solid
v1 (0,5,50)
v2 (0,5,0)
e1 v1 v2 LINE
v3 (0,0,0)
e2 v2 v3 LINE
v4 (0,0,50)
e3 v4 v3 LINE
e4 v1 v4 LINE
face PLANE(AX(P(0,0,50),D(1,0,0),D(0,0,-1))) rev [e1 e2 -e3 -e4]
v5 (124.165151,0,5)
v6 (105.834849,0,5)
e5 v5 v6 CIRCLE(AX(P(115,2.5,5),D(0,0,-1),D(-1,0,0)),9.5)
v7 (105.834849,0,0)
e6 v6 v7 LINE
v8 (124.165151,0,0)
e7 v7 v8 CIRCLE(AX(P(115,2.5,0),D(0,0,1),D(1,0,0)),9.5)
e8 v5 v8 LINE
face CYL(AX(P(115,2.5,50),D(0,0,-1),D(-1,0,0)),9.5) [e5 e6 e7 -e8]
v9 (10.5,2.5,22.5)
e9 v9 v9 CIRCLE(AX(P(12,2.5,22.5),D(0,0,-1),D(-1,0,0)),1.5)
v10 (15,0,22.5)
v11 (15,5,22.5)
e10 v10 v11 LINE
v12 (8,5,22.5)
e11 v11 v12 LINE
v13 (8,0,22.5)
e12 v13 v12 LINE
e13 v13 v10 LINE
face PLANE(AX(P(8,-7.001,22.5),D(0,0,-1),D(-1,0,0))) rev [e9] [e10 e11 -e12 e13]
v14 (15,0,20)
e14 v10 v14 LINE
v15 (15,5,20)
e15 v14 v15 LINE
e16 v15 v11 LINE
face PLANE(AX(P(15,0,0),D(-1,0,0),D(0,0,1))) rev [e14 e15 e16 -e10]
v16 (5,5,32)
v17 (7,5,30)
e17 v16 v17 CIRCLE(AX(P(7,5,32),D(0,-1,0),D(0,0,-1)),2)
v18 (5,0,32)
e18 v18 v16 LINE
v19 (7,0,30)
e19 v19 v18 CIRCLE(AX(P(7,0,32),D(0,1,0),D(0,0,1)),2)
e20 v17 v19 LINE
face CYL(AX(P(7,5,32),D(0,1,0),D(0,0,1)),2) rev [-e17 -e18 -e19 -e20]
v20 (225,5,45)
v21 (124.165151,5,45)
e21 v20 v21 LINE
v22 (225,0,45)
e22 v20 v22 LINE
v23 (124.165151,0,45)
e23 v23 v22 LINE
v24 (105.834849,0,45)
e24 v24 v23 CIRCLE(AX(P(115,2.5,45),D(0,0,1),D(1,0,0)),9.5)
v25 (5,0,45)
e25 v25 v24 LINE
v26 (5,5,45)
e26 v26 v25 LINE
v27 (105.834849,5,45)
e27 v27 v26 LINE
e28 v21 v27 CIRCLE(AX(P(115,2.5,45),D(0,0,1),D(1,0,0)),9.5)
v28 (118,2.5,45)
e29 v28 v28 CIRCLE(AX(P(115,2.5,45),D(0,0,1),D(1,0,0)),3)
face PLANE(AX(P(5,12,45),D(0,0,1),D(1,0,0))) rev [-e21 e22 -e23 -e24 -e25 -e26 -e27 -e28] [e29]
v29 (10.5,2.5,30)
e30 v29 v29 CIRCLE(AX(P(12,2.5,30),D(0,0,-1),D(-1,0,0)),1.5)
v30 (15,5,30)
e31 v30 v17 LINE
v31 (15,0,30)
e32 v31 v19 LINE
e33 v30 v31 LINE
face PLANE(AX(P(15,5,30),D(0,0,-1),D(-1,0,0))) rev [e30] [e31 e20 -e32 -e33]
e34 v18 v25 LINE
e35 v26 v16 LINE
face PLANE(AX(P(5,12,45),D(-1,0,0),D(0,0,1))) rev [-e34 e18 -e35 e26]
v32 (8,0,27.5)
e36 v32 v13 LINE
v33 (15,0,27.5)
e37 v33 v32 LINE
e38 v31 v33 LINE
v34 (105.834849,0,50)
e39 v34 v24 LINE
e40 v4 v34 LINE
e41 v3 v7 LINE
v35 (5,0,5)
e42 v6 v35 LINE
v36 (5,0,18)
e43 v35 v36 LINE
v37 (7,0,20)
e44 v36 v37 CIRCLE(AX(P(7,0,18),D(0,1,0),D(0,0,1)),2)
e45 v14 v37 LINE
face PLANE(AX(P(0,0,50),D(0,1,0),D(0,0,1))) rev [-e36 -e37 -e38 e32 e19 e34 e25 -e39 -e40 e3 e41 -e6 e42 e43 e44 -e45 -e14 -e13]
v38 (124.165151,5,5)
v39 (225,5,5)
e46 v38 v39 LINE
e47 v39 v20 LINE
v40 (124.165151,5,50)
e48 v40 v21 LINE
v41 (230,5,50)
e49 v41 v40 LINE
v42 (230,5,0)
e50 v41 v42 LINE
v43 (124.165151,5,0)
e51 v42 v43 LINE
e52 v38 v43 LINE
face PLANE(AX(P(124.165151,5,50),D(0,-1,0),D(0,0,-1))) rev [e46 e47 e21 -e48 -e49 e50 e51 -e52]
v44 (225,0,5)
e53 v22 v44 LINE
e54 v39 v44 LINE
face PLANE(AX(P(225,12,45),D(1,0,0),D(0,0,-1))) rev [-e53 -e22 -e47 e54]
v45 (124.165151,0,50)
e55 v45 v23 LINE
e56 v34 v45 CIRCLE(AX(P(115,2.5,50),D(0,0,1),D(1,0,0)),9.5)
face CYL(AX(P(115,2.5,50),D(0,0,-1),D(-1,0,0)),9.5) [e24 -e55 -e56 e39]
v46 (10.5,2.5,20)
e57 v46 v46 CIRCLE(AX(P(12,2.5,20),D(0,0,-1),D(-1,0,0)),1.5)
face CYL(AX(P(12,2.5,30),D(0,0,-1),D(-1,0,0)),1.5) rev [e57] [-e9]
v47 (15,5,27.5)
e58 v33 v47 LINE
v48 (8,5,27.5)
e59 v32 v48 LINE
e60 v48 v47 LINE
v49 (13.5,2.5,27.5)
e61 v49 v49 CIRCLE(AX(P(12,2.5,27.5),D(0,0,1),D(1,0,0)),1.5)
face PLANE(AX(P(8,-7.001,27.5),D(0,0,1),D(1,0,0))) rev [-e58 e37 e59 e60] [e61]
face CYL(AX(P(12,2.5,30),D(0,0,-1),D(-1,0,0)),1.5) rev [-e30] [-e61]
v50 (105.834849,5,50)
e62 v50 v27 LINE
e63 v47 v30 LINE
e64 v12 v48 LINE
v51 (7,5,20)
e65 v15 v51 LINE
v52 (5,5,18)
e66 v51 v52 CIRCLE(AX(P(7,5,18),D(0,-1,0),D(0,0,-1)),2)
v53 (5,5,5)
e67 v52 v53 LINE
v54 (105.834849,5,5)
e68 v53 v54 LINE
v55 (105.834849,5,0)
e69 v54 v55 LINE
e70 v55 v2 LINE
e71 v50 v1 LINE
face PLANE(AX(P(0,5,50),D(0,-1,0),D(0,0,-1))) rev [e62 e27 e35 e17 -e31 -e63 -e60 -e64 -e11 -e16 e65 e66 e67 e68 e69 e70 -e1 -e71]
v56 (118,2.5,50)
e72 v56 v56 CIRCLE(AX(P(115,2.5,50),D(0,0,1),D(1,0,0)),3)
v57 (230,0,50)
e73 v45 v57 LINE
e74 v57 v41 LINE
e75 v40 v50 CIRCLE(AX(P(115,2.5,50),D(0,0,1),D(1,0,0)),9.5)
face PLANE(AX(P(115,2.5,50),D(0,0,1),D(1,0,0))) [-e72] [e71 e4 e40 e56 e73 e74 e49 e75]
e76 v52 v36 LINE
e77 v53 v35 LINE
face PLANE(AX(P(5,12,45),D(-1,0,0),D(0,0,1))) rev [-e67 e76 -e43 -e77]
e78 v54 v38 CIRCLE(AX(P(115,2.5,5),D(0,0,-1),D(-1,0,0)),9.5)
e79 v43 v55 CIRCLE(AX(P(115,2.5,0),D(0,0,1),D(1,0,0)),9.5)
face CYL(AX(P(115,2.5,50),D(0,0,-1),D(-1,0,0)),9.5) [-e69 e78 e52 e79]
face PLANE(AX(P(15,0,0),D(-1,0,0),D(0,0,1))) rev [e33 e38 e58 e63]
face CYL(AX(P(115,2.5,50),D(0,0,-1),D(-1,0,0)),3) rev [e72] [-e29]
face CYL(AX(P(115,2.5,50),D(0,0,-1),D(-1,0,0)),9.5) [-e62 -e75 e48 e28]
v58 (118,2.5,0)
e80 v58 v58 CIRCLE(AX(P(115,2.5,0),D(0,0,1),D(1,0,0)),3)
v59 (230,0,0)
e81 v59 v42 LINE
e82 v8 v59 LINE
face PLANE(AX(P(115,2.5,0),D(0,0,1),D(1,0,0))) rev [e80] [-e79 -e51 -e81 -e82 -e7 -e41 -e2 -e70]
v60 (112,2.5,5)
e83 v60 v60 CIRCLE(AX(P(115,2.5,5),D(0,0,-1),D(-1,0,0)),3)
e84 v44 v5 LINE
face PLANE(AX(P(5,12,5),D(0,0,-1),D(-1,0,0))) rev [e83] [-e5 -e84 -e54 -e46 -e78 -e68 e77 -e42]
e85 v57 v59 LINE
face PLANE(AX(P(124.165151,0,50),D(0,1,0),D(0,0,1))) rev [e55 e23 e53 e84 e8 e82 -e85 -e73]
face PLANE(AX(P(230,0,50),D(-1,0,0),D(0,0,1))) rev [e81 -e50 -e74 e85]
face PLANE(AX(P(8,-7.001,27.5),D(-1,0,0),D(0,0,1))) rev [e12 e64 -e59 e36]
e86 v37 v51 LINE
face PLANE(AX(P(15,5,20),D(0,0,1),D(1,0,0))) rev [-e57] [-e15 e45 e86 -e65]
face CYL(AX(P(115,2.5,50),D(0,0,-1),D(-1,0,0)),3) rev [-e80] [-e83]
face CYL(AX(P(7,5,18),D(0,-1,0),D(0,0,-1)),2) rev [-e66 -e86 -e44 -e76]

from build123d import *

# Parameters (mm, degrees)
SKETCH1_R               = 3
BOSS_EXTRUDE1_DEPTH     = 50
CUT_EXTRUDE1_DEPTH      = 236.677746086
CUT_EXTRUDE1_DEPTH_BACK = 236.677746086
SKETCH2_W               = 220
SKETCH2_H               = 40
SKETCH3_W               = 10
SKETCH3_H               = 5
BOSS_EXTRUDE2_DEPTH     = 10
CUT_EXTRUDE2_REACH      = 237.678
SKETCH4_W               = 7
SKETCH4_H               = 5
FILLET1_R               = 2
SKETCH5_R               = 1.5
CUT_EXTRUDE3_DEPTH      = 10


with BuildPart() as part:
    # Sketch1 → Boss-Extrude1 (new body)
    with BuildSketch(Plane.XY):
        with BuildLine():
            Line((124.16515139, 0), (230, 0))
            Line((230, 0), (230, 5))
            Line((230, 5), (124.16515139, 5))
            ThreePointArc((124.16515139, 5), (115, 12), (105.83484861, 5))
            Line((105.83484861, 5), (0, 5))
            Line((0, 5), (0, 0))
            Line((0, 0), (105.83484861, 0))
            ThreePointArc((105.83484861, 0), (115, -7), (124.16515139, 0))
        make_face()
        with Locations((115, 2.5)):
            Circle(SKETCH1_R, mode=Mode.SUBTRACT)
    extrude(amount=BOSS_EXTRUDE1_DEPTH)

    # Sketch2 → Cut-Extrude1 (cut, two sides: drawn at the far end of the back side and taken through both)
    with BuildSketch(Plane(origin=(0, 0, 0), x_dir=(-1, 0, 0), z_dir=(0, -1, 0)).offset(-CUT_EXTRUDE1_DEPTH_BACK)):
        with Locations((-115, -25)):
            Rectangle(SKETCH2_W, SKETCH2_H)
    extrude(amount=CUT_EXTRUDE1_DEPTH + CUT_EXTRUDE1_DEPTH_BACK, mode=Mode.SUBTRACT)

    # Sketch3 → Boss-Extrude2 (add)
    with BuildSketch(Plane(origin=(5, 0, 0), x_dir=(0, 0, -1), z_dir=(1, 0, 0))):
        with Locations((-25, 2.5)):
            Rectangle(SKETCH3_W, SKETCH3_H)
    extrude(amount=BOSS_EXTRUDE2_DEPTH)

    # Sketch4 → Cut-Extrude2 (cut, up to next)
    with BuildSketch(Plane(origin=(0, 5, 0), x_dir=(1, 0, 0), z_dir=(0, 1, 0)), mode=Mode.PRIVATE) as cut_extrude2_sk1:
        with Locations((11.5, -25)):
            Rectangle(SKETCH4_W, SKETCH4_H)
    cut_extrude2_tool1 = extrude(cut_extrude2_sk1.sketch, amount=-CUT_EXTRUDE2_REACH, mode=Mode.PRIVATE) & part.part
    add(cut_extrude2_tool1.solids().sort_by_distance((11.5, 5, 25))[0], mode=Mode.SUBTRACT)

    # Fillet1
    fillet1_edges = [part.edges().sort_by_distance(p)[0] for p in [
        (5, 2.5, 30),
        (5, 2.5, 20),
    ]]
    fillet(fillet1_edges, radius=FILLET1_R)

    # Sketch5 → Cut-Extrude3 (cut)
    with BuildSketch(Plane(origin=(0, 0, 20), x_dir=(-1, 0, 0), z_dir=(0, 0, -1))):
        with Locations((-12, 2.5)):
            Circle(SKETCH5_R)
    extrude(amount=-CUT_EXTRUDE3_DEPTH, mode=Mode.SUBTRACT)


solid = part.part
